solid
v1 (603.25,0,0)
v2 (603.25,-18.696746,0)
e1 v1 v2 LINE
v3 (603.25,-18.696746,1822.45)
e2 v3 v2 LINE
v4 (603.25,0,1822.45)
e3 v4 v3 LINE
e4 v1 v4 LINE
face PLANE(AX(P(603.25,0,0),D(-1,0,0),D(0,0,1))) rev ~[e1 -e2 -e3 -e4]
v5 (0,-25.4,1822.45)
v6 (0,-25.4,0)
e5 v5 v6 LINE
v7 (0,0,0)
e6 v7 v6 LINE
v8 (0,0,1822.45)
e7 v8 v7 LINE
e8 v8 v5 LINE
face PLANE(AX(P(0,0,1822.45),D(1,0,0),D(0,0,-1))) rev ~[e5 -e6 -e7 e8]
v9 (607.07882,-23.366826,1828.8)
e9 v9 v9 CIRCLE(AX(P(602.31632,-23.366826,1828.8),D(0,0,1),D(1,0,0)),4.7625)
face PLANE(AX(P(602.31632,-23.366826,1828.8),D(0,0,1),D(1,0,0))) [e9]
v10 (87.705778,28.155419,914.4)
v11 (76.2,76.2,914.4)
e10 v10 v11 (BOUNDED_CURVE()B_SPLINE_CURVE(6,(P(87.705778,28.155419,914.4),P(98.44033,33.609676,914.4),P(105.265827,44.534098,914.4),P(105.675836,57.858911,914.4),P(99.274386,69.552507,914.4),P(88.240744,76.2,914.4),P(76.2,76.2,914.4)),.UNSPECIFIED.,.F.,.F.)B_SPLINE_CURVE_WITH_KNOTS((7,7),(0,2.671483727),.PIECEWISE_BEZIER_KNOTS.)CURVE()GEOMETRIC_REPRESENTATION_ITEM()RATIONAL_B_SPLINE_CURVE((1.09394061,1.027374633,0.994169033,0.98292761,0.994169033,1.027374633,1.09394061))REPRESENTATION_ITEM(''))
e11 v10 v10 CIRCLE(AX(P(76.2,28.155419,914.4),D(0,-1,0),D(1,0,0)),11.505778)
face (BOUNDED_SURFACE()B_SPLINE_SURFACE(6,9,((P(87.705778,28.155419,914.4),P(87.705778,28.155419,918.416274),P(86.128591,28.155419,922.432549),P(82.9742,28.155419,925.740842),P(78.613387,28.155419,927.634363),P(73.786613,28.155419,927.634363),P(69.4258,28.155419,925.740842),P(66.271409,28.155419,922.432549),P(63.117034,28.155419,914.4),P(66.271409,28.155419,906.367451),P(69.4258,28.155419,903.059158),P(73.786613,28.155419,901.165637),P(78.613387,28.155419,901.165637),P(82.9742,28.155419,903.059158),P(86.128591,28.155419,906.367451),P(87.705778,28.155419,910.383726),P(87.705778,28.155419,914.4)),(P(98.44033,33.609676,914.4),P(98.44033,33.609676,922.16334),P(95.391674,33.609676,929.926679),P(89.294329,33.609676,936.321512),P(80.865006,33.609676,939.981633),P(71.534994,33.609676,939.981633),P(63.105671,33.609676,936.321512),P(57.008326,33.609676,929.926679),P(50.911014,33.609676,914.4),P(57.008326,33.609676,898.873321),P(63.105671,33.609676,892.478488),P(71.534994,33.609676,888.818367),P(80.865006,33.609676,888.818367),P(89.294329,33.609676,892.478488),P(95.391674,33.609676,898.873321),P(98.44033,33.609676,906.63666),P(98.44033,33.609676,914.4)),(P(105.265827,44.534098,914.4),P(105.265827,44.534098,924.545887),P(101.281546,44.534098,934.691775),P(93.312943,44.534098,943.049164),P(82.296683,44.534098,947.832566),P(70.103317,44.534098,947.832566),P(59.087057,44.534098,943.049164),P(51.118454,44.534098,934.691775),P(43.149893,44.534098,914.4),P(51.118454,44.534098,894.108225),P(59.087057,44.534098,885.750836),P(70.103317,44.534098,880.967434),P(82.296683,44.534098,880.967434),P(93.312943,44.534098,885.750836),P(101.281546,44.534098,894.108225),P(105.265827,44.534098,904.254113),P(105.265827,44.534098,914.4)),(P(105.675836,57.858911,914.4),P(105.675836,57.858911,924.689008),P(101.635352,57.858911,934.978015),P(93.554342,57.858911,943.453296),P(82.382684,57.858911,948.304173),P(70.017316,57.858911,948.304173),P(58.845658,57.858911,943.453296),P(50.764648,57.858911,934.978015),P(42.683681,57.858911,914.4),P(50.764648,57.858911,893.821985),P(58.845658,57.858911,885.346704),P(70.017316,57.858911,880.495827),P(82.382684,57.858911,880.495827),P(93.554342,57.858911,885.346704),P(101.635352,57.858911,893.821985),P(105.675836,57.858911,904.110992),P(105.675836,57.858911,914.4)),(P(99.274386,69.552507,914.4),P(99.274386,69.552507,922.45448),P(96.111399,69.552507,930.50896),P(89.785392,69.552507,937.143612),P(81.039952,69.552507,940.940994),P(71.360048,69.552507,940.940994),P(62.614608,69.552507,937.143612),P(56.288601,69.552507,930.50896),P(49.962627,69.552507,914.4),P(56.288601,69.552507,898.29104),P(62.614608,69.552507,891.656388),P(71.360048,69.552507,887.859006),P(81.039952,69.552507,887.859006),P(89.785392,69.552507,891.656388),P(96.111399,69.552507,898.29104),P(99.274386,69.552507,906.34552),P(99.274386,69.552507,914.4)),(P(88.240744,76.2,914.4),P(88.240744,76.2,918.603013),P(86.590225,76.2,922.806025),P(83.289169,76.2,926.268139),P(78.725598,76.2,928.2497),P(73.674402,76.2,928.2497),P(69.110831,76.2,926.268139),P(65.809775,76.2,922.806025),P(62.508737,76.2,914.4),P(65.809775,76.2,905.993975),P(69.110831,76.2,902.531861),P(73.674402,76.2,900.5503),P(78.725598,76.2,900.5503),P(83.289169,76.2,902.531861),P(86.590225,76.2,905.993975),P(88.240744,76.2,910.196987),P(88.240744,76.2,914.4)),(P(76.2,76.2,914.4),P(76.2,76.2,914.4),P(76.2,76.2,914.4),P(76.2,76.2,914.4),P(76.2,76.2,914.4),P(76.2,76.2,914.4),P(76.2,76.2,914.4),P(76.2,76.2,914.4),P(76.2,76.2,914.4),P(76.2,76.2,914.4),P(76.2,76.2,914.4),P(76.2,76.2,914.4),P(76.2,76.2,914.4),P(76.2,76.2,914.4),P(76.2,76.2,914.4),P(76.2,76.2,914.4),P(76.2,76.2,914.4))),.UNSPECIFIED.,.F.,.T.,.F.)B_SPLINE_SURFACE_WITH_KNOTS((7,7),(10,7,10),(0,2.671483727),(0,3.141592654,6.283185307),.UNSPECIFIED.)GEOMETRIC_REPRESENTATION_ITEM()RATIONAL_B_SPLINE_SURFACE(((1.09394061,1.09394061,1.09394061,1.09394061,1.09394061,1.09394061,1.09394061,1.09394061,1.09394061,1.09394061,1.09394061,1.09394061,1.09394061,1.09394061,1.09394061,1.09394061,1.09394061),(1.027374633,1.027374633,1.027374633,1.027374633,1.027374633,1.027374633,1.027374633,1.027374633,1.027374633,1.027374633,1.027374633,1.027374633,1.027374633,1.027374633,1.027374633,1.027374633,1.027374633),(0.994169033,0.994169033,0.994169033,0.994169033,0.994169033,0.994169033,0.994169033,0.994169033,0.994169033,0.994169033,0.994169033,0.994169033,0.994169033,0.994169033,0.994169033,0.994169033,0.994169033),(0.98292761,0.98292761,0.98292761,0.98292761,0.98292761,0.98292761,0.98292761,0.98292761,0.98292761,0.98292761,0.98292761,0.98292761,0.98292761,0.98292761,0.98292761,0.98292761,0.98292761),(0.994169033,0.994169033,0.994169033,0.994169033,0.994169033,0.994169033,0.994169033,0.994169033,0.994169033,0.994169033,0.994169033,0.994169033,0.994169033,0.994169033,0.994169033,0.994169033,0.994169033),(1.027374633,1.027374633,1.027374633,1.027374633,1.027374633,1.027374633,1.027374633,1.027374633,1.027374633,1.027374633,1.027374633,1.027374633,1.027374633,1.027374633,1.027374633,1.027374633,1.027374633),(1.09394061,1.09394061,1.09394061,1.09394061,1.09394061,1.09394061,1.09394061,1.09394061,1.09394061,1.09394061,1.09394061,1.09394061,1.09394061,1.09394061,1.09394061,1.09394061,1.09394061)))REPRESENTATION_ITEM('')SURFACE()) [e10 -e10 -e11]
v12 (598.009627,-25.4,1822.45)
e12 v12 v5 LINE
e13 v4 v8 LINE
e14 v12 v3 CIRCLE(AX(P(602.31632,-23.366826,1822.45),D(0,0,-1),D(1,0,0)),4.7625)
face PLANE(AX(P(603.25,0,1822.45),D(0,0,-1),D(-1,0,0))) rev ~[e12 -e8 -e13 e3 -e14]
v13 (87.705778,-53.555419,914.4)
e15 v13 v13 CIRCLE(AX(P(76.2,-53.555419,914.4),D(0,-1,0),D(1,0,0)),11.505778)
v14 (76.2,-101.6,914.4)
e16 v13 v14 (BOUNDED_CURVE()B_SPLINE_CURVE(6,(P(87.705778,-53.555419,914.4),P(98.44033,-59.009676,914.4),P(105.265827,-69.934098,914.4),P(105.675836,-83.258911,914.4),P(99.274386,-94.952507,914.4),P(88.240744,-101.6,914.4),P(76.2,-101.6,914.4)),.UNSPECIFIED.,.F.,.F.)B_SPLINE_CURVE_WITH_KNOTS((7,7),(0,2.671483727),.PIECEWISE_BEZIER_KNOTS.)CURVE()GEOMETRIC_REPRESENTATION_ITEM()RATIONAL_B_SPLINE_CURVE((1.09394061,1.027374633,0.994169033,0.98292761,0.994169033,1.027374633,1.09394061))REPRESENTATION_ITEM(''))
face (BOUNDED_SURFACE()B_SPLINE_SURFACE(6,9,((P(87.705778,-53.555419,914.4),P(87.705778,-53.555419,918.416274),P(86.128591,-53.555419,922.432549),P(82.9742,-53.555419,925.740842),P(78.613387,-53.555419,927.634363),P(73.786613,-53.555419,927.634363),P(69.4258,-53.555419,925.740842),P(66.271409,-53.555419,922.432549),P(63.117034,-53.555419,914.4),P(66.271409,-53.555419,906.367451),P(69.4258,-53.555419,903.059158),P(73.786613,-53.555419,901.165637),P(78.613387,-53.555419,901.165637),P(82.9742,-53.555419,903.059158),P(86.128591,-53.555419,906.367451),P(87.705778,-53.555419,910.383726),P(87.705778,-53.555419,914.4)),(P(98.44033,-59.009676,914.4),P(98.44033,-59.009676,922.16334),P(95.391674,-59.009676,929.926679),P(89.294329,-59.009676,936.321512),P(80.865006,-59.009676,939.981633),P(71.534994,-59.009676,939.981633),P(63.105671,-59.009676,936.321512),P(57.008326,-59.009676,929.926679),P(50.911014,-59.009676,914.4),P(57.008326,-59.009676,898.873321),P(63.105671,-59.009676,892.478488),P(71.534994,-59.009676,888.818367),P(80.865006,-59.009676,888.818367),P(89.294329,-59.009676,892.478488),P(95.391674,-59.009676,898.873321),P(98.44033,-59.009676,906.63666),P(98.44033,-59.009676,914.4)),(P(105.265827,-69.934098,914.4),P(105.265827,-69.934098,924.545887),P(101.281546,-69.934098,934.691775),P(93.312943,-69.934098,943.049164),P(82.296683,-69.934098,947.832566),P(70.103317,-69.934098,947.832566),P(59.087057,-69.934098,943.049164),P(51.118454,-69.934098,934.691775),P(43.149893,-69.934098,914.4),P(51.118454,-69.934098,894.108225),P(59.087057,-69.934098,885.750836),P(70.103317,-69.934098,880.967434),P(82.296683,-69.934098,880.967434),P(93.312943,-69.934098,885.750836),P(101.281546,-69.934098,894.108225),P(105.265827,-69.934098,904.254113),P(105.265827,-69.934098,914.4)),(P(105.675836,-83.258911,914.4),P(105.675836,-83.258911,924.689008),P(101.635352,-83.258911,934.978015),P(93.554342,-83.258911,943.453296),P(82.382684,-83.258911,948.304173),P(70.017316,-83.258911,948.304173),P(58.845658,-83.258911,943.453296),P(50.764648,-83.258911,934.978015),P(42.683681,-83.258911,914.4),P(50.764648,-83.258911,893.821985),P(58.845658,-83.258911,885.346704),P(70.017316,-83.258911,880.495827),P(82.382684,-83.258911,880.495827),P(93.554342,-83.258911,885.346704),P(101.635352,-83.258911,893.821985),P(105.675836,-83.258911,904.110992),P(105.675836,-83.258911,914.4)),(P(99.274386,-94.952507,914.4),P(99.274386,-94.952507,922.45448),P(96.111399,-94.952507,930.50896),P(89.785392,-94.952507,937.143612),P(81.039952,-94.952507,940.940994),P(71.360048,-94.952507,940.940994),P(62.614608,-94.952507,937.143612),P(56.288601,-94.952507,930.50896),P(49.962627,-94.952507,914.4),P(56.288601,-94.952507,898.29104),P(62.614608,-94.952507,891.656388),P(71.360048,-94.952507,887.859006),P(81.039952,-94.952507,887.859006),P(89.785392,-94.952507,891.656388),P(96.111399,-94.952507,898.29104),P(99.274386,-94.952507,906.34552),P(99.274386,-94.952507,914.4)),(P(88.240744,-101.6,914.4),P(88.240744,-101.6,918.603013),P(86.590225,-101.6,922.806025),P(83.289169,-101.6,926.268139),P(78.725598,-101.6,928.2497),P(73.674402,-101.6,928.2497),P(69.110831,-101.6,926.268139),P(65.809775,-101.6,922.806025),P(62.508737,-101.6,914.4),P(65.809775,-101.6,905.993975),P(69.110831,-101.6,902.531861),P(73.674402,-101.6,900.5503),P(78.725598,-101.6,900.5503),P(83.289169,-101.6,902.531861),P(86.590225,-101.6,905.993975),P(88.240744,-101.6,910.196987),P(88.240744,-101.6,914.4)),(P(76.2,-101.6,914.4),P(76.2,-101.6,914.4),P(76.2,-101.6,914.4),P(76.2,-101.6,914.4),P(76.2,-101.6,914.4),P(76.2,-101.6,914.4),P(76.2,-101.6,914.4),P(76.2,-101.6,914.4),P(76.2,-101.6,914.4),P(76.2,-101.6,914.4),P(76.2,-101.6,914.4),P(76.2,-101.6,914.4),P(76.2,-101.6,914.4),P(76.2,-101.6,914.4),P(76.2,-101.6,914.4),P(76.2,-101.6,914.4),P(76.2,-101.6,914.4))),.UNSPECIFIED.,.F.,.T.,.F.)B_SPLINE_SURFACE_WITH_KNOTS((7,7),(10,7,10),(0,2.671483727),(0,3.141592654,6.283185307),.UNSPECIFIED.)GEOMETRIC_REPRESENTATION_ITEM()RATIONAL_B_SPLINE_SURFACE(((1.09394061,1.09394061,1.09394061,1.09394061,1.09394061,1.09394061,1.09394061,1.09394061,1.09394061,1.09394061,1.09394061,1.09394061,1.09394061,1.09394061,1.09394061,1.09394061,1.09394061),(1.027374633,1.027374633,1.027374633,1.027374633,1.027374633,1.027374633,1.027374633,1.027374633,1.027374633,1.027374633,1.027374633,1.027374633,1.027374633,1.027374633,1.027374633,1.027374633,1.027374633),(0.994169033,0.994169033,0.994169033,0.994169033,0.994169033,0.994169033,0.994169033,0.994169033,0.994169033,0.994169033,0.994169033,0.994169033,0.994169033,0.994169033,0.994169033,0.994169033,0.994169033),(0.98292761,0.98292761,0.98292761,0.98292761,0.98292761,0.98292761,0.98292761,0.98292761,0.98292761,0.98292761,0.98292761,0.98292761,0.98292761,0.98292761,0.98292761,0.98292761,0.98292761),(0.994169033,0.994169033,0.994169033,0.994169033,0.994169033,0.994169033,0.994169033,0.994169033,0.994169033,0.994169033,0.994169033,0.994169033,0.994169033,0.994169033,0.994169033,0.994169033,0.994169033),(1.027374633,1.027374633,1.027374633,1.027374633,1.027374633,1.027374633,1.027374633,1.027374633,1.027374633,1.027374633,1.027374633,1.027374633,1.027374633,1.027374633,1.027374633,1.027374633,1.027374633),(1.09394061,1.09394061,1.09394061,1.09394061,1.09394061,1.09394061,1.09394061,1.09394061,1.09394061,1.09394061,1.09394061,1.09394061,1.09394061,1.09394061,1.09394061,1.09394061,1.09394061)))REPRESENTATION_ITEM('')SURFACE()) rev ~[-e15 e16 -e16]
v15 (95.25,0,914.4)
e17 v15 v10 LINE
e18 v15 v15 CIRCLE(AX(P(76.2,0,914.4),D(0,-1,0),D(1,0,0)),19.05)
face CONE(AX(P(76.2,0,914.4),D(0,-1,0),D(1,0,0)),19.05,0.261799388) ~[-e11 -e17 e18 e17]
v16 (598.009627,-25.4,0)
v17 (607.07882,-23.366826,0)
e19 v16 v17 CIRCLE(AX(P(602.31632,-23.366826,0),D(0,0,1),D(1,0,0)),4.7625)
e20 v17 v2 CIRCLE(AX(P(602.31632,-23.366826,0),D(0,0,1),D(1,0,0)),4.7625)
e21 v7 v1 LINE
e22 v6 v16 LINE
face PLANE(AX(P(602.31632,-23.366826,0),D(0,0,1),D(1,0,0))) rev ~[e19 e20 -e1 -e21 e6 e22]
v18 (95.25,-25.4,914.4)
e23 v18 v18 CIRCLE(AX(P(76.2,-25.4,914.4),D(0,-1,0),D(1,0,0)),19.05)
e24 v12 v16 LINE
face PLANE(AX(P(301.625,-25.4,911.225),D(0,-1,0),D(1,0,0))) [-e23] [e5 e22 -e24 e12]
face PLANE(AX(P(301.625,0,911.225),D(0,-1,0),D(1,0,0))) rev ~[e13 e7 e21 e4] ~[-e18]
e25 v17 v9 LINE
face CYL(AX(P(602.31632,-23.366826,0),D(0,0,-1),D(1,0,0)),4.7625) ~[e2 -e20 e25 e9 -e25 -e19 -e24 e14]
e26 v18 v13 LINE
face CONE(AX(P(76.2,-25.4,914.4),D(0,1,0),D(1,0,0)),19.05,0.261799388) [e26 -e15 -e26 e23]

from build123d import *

# Parameters (mm, degrees)
F1_DEPTH = 25.4
F8_R     = 4.7625
F9_DEPTH = 1828.8


with BuildPart() as f1:
    # F0 (on Front) → F1 (new body)
    with BuildSketch(Plane.XZ):
        Polygon((0, 914.4), (0, 0), (603.25, 0), (603.25, 1822.45), (0, 1822.45), align=None)
    extrude(amount=F1_DEPTH)

    # F5: sweep along a path in F4
    with BuildLine(Plane.XZ.offset(25.4)) as f5_path:
        CenterArc((76.2, 914.4), 21.6276719324, 0, 360)
    # F3 (on offset) → F5 (sweep)
    with BuildSketch(Plane.XY.offset(914.4)):
        with BuildLine():
            Line((57.15, -25.4), (64.6942216848, -53.5554186313))
            ThreePointArc((64.6942216848, -53.5554186313), (51.4984578744, -82.1155571689), (76.2, -101.6))
            Line((76.2, -101.6), (76.2, -25.4))
            Line((76.2, -25.4), (57.15, -25.4))
        make_face()
    sweep(path=f5_path.line)

    # F7: F1 across plane


with BuildPart() as f1_1:
    add(f1.part)
    add(f1.part.mirror(Plane.XZ.offset(12.7)))

    # F8 (on Top) → F9 (join)
    with BuildSketch(Plane.XY):
        with Locations((602.3163199425, -23.3668256551)):
            Circle(F8_R)
    extrude(amount=F9_DEPTH)


solid = f1_1.part
